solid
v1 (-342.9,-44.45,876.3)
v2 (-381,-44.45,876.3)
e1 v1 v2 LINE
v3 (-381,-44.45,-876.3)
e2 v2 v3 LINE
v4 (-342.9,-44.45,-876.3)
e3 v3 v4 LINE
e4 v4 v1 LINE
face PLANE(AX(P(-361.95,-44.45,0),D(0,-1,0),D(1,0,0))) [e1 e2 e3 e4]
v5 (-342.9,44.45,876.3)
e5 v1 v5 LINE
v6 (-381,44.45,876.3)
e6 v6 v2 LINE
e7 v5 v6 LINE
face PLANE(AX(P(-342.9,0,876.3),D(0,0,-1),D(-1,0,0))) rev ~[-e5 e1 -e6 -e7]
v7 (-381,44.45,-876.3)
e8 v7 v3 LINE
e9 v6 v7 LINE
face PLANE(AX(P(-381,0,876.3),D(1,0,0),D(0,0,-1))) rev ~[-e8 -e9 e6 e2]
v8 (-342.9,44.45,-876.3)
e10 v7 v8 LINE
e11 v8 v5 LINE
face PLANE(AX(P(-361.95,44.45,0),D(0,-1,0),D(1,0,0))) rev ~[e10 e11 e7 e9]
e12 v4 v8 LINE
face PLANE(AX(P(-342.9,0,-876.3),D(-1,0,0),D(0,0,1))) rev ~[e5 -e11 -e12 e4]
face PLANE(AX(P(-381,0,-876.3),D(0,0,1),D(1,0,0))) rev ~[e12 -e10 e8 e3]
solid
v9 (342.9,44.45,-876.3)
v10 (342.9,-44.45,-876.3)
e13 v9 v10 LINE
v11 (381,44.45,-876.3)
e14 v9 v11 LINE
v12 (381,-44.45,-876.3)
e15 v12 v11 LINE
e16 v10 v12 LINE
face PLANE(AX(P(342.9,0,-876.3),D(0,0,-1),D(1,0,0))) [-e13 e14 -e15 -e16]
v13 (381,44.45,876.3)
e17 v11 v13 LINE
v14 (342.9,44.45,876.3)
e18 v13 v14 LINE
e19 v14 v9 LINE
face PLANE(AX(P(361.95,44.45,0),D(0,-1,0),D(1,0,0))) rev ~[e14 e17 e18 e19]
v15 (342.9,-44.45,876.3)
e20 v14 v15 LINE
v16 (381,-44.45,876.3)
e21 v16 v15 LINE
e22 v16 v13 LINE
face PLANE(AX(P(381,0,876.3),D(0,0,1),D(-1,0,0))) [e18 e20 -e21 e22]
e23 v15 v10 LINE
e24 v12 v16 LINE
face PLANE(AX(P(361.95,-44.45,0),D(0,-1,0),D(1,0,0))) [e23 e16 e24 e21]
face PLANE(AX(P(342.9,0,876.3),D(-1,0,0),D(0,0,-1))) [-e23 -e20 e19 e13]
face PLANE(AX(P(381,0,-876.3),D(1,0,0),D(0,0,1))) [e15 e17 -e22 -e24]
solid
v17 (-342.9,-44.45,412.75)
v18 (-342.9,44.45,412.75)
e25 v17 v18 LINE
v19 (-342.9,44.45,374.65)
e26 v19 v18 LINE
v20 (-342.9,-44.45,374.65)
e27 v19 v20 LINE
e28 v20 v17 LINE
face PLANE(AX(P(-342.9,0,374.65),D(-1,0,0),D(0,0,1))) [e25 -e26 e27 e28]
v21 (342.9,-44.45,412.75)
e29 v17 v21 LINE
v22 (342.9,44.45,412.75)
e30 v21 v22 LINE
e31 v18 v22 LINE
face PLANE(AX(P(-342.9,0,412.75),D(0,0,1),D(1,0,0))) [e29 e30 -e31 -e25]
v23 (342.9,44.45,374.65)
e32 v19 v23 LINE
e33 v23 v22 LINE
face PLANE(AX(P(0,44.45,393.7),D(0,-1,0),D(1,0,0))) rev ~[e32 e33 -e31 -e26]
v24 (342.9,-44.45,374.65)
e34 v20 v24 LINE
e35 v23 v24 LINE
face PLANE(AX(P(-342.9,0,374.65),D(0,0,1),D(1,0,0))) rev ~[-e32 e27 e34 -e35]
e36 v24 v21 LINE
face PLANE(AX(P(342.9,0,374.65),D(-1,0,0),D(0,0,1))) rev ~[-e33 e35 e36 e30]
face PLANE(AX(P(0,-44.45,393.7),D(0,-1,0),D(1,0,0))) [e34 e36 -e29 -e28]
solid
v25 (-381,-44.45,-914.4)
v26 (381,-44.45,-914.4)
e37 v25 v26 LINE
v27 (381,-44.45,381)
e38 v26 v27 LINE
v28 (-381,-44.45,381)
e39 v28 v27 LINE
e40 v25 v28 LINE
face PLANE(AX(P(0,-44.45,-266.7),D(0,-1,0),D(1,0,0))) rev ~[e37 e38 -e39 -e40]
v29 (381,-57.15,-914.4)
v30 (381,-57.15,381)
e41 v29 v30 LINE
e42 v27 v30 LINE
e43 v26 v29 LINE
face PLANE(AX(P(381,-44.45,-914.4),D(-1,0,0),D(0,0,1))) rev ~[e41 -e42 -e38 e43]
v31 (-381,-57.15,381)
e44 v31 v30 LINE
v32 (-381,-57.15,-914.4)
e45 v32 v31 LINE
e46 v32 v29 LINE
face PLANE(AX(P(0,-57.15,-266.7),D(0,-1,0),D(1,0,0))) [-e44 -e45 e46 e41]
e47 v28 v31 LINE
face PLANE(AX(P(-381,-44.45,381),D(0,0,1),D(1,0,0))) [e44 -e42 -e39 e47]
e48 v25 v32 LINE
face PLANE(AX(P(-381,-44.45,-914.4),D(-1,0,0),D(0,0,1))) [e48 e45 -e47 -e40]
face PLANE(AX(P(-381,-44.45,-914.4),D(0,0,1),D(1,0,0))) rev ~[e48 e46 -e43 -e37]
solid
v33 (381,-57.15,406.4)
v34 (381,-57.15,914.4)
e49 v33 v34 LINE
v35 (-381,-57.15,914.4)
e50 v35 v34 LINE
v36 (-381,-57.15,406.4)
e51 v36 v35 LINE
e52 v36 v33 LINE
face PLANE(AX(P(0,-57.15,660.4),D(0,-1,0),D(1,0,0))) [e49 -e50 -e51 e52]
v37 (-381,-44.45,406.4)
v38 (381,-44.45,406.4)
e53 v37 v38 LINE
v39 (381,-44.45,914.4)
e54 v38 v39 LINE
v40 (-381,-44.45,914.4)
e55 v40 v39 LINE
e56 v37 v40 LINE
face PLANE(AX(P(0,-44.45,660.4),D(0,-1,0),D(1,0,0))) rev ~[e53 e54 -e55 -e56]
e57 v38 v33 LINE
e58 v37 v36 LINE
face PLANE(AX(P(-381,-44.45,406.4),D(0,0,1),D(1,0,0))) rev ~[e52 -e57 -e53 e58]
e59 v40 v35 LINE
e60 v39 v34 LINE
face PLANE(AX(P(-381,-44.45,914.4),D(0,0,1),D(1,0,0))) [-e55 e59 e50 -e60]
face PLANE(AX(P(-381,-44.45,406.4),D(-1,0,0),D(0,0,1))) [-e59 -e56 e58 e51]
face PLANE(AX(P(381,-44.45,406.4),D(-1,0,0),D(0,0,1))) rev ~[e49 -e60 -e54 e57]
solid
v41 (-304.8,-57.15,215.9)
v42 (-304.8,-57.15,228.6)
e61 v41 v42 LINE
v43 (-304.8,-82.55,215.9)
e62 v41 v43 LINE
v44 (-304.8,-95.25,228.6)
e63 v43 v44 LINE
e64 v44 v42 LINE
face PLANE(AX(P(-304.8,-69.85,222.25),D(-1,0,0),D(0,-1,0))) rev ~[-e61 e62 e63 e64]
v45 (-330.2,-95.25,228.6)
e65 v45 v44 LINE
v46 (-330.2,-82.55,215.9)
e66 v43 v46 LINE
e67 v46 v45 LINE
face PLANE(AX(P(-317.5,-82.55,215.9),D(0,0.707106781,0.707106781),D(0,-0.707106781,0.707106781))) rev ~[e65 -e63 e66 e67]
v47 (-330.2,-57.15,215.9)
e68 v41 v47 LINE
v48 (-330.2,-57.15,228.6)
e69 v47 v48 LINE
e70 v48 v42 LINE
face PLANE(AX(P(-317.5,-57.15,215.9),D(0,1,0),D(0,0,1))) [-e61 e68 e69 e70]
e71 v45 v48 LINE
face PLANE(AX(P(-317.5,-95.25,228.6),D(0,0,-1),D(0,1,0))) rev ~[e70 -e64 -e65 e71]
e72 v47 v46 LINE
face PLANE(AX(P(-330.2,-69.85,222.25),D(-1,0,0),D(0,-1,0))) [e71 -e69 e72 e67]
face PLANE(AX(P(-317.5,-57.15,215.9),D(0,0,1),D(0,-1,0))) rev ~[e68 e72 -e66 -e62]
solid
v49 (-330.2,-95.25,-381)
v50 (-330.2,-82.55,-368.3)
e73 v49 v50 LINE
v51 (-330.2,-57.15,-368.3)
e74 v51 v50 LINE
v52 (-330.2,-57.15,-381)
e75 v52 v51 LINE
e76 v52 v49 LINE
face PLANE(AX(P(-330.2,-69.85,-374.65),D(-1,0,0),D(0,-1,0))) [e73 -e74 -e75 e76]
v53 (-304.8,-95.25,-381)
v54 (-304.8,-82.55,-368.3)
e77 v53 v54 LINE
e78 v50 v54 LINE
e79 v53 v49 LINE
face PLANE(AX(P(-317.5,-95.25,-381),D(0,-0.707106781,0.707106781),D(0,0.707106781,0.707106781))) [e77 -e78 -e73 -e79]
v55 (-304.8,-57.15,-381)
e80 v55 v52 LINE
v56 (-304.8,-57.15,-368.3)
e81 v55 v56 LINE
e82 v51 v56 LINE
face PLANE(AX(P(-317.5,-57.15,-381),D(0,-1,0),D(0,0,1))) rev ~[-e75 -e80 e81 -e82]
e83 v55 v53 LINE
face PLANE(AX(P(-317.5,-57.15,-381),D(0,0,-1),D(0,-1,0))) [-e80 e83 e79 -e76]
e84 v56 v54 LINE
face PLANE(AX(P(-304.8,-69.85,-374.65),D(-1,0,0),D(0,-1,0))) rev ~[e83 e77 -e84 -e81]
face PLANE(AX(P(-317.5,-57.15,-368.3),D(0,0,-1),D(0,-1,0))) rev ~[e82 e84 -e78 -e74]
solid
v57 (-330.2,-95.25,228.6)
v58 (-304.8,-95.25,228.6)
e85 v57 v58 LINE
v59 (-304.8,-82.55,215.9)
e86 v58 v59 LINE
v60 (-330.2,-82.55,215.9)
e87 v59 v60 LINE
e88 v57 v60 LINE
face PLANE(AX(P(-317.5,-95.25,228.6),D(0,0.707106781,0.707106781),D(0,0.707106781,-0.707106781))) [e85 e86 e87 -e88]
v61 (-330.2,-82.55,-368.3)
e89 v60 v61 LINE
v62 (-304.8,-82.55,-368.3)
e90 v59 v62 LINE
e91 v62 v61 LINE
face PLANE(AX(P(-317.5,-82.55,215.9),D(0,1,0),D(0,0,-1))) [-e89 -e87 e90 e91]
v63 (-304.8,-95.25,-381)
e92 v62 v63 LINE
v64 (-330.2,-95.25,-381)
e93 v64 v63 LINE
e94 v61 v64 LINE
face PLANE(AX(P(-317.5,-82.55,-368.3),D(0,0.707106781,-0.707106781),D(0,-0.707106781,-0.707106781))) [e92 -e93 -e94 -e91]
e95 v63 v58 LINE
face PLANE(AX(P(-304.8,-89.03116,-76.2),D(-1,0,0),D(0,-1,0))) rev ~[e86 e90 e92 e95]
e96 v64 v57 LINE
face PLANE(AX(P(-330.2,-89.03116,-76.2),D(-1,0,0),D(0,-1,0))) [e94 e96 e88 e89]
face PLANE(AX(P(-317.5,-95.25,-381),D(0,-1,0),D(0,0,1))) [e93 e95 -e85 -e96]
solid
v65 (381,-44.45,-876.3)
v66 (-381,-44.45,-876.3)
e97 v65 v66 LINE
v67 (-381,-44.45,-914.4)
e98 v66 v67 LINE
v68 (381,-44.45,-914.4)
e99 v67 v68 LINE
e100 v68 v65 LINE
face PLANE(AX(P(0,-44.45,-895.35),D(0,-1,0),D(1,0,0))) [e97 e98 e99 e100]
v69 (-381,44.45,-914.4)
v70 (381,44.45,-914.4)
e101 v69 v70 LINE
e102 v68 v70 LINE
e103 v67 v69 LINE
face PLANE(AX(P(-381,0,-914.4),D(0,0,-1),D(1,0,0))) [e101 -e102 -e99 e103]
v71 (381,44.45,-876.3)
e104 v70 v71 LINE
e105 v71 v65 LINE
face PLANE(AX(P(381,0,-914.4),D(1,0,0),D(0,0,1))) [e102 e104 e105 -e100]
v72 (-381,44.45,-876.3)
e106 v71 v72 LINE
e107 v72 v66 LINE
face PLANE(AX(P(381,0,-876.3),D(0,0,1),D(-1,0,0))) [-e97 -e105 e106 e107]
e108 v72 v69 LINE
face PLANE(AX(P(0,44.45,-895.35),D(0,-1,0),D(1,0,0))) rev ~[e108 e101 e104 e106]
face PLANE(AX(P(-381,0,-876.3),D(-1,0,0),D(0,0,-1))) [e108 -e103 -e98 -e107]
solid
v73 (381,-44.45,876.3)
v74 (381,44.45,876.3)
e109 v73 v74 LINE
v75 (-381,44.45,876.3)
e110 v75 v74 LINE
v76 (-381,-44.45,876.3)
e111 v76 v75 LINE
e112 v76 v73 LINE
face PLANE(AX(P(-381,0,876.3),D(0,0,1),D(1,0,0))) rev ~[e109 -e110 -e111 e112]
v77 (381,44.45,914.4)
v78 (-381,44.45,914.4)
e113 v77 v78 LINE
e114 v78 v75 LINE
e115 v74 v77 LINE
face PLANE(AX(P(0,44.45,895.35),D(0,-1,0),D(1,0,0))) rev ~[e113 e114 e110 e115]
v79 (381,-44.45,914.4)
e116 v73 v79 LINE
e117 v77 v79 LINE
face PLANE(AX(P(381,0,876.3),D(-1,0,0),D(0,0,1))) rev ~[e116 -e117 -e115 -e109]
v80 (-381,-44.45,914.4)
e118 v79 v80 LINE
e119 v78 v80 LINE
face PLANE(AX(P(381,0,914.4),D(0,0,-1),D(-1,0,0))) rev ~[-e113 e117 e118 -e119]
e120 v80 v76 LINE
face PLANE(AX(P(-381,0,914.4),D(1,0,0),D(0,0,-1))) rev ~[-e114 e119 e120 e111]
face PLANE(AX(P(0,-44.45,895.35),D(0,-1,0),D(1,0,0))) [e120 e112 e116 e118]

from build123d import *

# Parameters (mm, degrees)
F0_W      = 685.8
F0_H      = 38.1
F1_DEPTH  = 44.45
F2_DEPTH  = 44.45
F3_W      = 762
F3_H      = 508
F4_DEPTH  = 12.7
F5_W      = 762
F5_H      = 1295.4
F6_DEPTH  = 12.7
F8_W      = 25.4
F8_H      = 12.7
F9_DEPTH  = 12.7
F10_DEPTH = 12.7


with BuildPart() as f1:
    # F0 (on Front) → F1 (new body, symmetric)
    with BuildSketch(Plane.XZ):
        Polygon((-342.9, 876.3), (342.9, 876.3), (381, 876.3), (381, 914.4), (-381, 914.4), (-381, 876.3), align=None)
        with Locations((0, 393.7)):
            Rectangle(F0_W, F0_H)
        Polygon((381, -914.4), (381, -876.3), (342.9, -876.3), (-342.9, -876.3), (-381, -876.3), (-381, -914.4), align=None)
    extrude(amount=F1_DEPTH, both=True)


with BuildPart() as f2:
    # F0 (on Front) → F2 (new body, symmetric)
    with BuildSketch(Plane.XZ):
        Polygon((-342.9, 412.75), (-342.9, 876.3), (-381, 876.3), (-381, -876.3), (-342.9, -876.3), (-342.9, 374.65), align=None)
        Polygon((381, 876.3), (342.9, 876.3), (342.9, 412.75), (342.9, 374.65), (342.9, -876.3), (381, -876.3), align=None)
    extrude(amount=F2_DEPTH, both=True)


with BuildPart() as f4:
    # F3 (on face) → F4 (new body)
    with BuildSketch(Plane.XZ.offset(44.45)):
        with Locations((0, 660.4)):
            Rectangle(F3_W, F3_H)
    extrude(amount=F4_DEPTH)


with BuildPart() as f6:
    # F5 (on face) → F6 (new body)
    with BuildSketch(Plane.XZ.offset(44.45)):
        with Locations((0, -266.7)):
            Rectangle(F5_W, F5_H)
    extrude(amount=F6_DEPTH)


with BuildPart() as f9:
    # F8 (on offset) → F9 (new body, symmetric)
    with BuildSketch(Plane(origin=(-317.5, 0, 0), x_dir=(0, -1, 0), z_dir=(-1, 0, 0))):
        with Locations((69.85, 222.25)):
            Rectangle(F8_W, F8_H)
        Polygon((82.55, 228.6), (82.55, 215.9), (95.25, 228.6), align=None)
        with Locations((69.85, -374.65)):
            Rectangle(F8_W, F8_H)
        Polygon((95.25, -381), (82.55, -368.3), (82.55, -381), align=None)
    extrude(amount=F9_DEPTH, both=True)


with BuildPart() as f10:
    # F8 (on offset) → F10 (new body, symmetric)
    with BuildSketch(Plane(origin=(-317.5, 0, 0), x_dir=(0, -1, 0), z_dir=(-1, 0, 0))):
        Polygon((95.25, 228.6), (82.55, 215.9), (82.55, -368.3), (95.25, -381), align=None)
    extrude(amount=F10_DEPTH, both=True)


solid = Compound([f1.part, f2.part, f4.part, f6.part, f9.part, f10.part])
